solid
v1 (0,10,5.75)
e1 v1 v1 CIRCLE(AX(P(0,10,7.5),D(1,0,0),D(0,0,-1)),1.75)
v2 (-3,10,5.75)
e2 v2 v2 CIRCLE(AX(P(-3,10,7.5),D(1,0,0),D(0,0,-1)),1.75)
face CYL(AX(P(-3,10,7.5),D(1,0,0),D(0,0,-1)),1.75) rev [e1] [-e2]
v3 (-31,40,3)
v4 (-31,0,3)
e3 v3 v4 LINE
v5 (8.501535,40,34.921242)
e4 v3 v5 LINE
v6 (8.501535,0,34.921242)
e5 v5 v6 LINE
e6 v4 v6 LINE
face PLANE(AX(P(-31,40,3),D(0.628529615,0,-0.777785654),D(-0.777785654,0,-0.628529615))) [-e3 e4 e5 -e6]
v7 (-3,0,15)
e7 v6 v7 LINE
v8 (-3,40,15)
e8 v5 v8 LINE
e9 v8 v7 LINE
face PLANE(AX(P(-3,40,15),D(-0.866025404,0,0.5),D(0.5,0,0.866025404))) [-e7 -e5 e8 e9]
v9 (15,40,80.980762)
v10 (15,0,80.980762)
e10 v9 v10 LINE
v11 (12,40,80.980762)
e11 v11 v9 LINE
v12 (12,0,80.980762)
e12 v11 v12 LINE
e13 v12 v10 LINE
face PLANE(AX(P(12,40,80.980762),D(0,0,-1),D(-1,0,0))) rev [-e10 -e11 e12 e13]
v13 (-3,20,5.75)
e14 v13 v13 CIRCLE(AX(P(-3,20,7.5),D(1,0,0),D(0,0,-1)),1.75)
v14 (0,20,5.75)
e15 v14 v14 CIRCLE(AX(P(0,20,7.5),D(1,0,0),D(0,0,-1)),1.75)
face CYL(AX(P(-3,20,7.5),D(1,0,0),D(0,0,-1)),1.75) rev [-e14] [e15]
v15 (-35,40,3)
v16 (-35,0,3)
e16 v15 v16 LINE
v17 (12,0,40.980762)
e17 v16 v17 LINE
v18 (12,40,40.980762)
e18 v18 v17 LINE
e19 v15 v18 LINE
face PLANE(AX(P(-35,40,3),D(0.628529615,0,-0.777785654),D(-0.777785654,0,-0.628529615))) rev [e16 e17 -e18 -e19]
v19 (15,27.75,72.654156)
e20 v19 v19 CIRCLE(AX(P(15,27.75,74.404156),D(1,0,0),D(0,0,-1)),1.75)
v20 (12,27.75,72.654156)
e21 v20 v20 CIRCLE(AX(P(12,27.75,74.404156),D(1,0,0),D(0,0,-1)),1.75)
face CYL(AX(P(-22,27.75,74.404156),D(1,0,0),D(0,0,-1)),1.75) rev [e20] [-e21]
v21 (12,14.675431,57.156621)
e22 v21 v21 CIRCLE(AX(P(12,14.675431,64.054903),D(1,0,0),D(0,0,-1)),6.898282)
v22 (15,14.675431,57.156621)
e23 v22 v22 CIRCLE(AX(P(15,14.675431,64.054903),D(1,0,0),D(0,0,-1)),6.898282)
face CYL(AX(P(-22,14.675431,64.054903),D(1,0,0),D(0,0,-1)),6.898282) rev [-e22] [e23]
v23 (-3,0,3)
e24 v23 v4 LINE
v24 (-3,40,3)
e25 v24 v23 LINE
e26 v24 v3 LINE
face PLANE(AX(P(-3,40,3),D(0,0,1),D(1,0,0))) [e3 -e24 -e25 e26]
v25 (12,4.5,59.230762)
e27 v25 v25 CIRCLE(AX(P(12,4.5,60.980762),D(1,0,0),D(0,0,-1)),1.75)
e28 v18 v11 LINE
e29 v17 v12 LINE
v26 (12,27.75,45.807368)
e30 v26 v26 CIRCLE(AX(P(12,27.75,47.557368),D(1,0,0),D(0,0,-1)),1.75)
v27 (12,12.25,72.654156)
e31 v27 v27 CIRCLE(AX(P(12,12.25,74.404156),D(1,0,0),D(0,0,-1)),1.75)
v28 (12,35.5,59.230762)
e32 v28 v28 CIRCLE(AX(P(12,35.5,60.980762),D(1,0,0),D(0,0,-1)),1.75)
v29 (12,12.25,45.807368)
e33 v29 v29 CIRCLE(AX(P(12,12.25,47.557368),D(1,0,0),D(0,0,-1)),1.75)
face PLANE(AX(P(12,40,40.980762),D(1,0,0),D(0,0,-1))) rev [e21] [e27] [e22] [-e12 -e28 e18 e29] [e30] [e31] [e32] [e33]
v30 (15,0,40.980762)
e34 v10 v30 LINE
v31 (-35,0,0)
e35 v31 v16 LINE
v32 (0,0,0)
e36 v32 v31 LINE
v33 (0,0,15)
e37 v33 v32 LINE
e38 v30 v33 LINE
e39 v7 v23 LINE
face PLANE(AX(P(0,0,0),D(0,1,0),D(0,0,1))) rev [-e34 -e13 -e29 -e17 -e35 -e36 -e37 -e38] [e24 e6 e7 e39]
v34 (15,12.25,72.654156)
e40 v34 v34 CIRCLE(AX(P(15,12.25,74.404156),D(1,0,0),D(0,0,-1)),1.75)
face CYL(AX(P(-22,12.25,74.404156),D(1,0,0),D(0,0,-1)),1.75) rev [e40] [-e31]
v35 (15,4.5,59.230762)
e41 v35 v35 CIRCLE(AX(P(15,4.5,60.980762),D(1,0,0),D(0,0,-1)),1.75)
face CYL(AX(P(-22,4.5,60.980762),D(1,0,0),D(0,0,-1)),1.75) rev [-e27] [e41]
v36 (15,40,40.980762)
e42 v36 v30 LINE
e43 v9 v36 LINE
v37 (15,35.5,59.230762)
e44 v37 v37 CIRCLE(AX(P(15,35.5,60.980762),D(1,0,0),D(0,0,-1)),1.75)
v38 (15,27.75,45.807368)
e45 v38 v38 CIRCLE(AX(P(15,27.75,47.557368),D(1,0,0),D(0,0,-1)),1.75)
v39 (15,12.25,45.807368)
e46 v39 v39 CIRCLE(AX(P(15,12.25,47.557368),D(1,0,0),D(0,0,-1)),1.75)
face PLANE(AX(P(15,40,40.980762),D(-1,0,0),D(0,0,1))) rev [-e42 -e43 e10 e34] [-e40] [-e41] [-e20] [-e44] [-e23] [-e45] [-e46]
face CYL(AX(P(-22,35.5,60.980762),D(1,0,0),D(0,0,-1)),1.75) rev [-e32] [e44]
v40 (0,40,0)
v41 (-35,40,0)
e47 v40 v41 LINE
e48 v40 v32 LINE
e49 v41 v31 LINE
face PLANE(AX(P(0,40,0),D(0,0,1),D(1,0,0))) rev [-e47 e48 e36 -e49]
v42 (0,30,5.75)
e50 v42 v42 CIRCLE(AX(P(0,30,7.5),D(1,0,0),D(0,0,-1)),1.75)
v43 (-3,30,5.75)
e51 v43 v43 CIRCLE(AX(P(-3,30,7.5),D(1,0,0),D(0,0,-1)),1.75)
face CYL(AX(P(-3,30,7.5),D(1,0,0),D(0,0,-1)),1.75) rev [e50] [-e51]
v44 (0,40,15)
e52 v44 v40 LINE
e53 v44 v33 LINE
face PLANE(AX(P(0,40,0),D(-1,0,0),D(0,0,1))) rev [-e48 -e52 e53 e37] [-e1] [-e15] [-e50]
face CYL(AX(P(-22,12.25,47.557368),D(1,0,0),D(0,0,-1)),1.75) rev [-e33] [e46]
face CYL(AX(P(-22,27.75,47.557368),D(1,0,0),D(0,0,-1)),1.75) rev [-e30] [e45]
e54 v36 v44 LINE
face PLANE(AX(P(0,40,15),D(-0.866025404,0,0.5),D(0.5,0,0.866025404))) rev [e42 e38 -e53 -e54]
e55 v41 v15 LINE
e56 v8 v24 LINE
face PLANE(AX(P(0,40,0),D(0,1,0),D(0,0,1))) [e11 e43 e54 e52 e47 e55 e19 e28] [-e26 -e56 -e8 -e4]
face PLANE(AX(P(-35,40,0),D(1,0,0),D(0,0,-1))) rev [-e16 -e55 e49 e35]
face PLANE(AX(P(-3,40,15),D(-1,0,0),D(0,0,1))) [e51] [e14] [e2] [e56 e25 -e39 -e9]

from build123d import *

# Parameters (mm, degrees)
Y_KSEKLIK_EKSTR_ZYON1_DEPTH = 40
IZIM3_R                     = 1.75
KES_EKSTR_ZYON2_DEPTH       = 3
IZIM4_R                     = 1.75
IZIM4_R_2                   = 6.898282176
KES_EKSTR_ZYON3_DEPTH       = 37


with BuildPart() as part:
    # Çizim1 → Yükseklik-Ekstrüzyon1 (new body)
    with BuildSketch(Plane(origin=(0, 0, 0), x_dir=(1, 0, 0), z_dir=(0, 1, 0))):
        Polygon((0, 0), (-35, 0), (-35, -3), (12, -40.980762114), (12, -80.980762114), (15, -80.980762114), (15, -40.980762114), (0, -15), align=None)
        Polygon((-3, -15), (-3, -3), (-31, -3), (8.501534624, -34.921242333), align=None, mode=Mode.SUBTRACT)
    extrude(amount=Y_KSEKLIK_EKSTR_ZYON1_DEPTH)

    # Çizim3 → Kes-Ekstrüzyon2 (cut)
    with BuildSketch(Plane(origin=(0, 0, 0), x_dir=(0, 0, -1), z_dir=(1, 0, 0))):
        with Locations((-7.5, 20)):
            Circle(IZIM3_R)
        with Locations((-7.5, 30)):
            Circle(IZIM3_R)
        with Locations((-7.5, 10)):
            Circle(IZIM3_R)
    extrude(amount=-KES_EKSTR_ZYON2_DEPTH, mode=Mode.SUBTRACT)

    # Çizim4 → Kes-Ekstrüzyon3 (cut)
    with BuildSketch(Plane(origin=(15, 0, 0), x_dir=(0, 0, -1), z_dir=(1, 0, 0))):
        with Locations((-60.980762114, 35.5)):
            Circle(IZIM4_R)
        with Locations((-47.557368355, 27.75)):
            Circle(IZIM4_R)
        with Locations((-47.557368355, 12.25)):
            Circle(IZIM4_R)
        with Locations((-60.980762114, 4.5)):
            Circle(IZIM4_R)
        with Locations((-74.404155872, 12.25)):
            Circle(IZIM4_R)
        with Locations((-74.404155872, 27.75)):
            Circle(IZIM4_R)
        with Locations((-64.054903201, 14.675431446)):
            Circle(IZIM4_R_2)
    extrude(amount=-KES_EKSTR_ZYON3_DEPTH, mode=Mode.SUBTRACT)


solid = part.part
